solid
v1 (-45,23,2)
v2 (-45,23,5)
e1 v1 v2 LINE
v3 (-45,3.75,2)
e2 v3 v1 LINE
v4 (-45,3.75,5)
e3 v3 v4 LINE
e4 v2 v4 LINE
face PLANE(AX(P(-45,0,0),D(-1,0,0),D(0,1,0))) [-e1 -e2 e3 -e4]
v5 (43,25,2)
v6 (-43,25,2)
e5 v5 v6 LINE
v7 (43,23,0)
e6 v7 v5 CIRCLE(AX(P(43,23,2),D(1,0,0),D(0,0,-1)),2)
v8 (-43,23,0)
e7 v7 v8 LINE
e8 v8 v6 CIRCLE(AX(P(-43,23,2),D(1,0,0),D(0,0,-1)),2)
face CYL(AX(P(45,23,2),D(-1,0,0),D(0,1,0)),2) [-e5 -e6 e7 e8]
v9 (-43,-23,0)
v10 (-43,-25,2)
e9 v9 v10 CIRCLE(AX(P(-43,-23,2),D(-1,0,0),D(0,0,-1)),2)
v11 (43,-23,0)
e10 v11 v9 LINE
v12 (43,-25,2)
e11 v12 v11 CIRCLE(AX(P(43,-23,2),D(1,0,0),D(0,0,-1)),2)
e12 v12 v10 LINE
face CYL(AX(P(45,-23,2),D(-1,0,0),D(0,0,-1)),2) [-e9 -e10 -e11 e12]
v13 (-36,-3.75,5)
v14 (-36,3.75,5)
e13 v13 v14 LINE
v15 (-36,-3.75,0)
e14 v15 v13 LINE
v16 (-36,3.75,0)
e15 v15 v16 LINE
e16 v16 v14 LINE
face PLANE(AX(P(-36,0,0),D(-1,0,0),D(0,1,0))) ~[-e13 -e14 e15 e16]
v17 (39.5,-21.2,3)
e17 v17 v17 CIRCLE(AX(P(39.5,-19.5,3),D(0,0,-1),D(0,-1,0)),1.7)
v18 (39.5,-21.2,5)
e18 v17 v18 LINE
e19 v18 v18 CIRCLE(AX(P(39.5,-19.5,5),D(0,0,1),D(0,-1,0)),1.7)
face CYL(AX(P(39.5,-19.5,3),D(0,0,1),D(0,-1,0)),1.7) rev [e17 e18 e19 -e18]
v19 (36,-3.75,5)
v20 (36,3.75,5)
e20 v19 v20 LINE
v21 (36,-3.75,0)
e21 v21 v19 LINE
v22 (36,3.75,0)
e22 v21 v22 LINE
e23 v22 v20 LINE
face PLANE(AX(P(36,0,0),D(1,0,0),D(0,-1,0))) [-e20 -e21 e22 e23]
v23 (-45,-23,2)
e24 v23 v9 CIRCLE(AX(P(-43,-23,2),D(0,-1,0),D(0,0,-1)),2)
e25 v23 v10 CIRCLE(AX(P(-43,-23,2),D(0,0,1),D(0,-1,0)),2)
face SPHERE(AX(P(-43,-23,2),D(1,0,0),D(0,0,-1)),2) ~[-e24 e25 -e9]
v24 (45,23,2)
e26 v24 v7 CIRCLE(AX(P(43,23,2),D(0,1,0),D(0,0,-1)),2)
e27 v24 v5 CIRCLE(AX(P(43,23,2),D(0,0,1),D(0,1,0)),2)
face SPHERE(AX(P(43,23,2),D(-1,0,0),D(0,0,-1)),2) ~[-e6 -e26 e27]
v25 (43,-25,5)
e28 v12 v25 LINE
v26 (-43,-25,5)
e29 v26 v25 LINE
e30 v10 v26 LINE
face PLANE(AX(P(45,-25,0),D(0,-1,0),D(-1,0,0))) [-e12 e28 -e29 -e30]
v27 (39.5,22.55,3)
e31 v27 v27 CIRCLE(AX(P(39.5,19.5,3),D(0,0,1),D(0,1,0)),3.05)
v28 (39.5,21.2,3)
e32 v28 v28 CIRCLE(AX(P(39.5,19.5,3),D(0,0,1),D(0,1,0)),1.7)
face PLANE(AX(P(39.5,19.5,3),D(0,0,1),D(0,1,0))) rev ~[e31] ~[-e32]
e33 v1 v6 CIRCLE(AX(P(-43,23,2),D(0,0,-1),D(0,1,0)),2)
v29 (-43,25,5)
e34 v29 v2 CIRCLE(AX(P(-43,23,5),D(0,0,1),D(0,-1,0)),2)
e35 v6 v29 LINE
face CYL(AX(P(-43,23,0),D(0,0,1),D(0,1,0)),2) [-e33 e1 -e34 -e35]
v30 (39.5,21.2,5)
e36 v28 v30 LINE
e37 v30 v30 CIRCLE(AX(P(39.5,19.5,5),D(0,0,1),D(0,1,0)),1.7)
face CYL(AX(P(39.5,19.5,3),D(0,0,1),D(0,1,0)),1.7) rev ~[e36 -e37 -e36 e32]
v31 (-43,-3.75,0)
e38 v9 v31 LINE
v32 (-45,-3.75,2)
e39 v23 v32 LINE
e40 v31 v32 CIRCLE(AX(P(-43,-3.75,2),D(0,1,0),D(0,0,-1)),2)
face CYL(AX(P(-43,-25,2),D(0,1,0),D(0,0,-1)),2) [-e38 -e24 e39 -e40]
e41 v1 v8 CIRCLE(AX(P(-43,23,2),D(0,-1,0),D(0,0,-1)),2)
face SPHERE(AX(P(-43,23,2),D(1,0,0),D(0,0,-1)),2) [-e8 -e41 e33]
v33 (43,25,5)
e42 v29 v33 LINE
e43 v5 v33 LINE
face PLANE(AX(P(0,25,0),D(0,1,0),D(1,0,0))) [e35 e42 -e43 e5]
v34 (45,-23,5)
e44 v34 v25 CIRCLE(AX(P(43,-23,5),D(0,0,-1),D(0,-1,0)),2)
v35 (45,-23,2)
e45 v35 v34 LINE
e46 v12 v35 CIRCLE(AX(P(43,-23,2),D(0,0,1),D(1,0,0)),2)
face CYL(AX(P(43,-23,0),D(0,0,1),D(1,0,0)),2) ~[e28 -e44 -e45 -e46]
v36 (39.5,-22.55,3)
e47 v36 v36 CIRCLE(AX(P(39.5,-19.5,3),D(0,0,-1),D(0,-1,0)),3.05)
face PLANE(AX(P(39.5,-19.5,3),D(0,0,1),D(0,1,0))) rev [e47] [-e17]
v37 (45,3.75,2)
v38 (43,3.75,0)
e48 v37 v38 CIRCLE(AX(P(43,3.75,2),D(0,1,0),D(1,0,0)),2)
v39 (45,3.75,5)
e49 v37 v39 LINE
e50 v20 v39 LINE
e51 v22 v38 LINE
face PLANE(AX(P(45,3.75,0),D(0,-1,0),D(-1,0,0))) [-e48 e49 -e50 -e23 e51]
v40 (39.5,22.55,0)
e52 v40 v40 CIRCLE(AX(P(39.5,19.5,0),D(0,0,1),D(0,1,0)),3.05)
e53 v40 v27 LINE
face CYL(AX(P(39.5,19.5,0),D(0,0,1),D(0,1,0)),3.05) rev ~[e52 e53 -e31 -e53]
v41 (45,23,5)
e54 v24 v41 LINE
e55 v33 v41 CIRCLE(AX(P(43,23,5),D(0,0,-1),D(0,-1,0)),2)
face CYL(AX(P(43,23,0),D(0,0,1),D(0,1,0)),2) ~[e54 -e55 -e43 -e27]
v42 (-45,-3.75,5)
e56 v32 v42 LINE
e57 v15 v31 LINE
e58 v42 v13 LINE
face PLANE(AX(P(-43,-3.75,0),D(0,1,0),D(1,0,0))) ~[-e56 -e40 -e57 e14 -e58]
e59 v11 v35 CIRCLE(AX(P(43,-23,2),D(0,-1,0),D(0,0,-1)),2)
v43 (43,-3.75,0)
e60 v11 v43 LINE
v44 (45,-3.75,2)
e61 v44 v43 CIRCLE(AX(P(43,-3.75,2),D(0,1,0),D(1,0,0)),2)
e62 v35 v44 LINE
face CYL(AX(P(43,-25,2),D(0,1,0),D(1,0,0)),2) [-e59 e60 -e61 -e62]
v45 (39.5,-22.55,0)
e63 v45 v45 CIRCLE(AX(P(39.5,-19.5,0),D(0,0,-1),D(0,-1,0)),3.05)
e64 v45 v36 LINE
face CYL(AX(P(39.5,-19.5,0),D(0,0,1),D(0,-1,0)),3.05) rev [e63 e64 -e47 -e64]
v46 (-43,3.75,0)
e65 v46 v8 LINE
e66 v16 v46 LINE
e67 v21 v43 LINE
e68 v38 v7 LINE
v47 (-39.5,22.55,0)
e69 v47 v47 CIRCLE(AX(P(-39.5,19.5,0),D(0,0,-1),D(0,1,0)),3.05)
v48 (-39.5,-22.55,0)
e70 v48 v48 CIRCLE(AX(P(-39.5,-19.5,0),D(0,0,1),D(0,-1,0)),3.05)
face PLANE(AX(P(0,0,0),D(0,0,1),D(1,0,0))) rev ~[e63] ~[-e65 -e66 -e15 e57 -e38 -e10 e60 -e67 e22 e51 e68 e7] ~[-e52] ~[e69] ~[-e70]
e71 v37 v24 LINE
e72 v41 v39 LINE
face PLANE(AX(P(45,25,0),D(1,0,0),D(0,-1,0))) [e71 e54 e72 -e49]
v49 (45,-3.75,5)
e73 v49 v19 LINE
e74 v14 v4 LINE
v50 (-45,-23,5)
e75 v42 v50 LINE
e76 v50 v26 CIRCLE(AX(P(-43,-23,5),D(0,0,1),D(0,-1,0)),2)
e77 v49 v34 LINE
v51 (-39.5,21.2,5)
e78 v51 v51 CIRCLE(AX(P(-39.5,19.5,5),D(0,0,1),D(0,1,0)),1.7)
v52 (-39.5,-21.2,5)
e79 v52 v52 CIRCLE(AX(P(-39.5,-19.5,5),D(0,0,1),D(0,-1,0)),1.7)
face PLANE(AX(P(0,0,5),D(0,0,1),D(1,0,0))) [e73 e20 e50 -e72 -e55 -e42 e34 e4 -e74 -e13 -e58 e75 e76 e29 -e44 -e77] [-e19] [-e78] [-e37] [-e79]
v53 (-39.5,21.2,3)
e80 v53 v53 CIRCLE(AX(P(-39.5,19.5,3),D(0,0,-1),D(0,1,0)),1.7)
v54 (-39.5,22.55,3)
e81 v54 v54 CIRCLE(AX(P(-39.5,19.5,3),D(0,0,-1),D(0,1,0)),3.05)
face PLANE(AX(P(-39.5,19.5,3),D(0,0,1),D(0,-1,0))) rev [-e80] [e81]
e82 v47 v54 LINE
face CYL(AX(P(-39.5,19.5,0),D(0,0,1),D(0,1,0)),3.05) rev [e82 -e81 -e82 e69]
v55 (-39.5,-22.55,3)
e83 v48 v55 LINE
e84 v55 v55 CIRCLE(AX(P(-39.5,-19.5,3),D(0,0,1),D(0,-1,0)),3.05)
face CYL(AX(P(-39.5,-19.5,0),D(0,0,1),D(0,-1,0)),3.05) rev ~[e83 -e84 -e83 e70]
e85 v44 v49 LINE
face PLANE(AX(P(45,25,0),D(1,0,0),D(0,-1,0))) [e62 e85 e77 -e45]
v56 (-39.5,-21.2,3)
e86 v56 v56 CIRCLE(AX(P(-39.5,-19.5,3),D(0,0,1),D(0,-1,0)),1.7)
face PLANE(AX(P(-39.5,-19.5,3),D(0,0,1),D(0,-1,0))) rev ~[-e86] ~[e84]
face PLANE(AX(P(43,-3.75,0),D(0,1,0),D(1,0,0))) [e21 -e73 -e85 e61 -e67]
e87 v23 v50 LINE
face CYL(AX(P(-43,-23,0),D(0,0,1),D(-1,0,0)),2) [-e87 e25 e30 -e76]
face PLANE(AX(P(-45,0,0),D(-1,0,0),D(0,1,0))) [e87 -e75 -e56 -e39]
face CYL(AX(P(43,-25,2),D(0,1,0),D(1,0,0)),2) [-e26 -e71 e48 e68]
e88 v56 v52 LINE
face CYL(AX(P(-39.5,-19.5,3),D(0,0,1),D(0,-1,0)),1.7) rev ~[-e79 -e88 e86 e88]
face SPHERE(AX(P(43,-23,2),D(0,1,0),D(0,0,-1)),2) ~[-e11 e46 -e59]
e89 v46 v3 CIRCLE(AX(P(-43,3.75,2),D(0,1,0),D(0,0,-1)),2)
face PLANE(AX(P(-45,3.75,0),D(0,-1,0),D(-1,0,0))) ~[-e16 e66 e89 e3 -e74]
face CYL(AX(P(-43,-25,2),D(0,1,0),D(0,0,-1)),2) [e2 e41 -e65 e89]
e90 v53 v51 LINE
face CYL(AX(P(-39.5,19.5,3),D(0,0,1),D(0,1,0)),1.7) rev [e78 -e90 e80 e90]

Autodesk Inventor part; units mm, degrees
ref_plane "YZ Plane" through (0, 0, 0) normal (1, 0, 0) x (0, 1, 0)
ref_plane "XZ Plane" through (0, 0, 0) normal (0, 1, 0) x (-1, 0, 0)
ref_plane "XY Plane" through (0, 0, 0) normal (0, 0, 1) x (1, 0, 0)
sketch "Náčrt1" plane through (0, 0, 0) normal (0, 0, 1) x (1, 0, 0)
  line L0 (0, 35) -> (0, -35) projected
  line L1 (-63, 0) -> (63, 0) projected
  line L2 (-45, 25) -> (45, 25)
  line L3 (45, 25) -> (45, -25)
  line L4 (45, -25) -> (-45, -25)
  line L5 (-45, -25) -> (-45, 25)
  point P0 (0, 0)
  dimension "d0" = 90
  dimension "d1" = 50
extrude "Vysunutí1" add sketch "Náčrt1" along normal blind 5
sketch "Náčrt4" plane through (0, 0, 0) normal (0, 0, -1) x (-1, 0, 0)
  line L0 (45, 25) -> (45, -25) projected
  line L1 (-45, 25) -> (45, 25) projected
  line L2 (-45, -25) -> (-45, 25) projected
  line L3 (45, -25) -> (-45, -25) projected
  line L4 (0, -35) -> (0, 35) projected
  line L5 (-63, 0) -> (63, 0) projected
  point P0 (0, 0)
  point P1 (-39.5, 19.5)
  dimension "d13" = 5.5
  dimension "d14" = 5.5
hole "Díra1" at (39.5, 19.5, 0) direction (0, 0, 1) diameter 3.4 end through all counterbore diameter 6.1 counterbore depth 3 clearance for "Strojní šroub se zápustnou hlavou" size "M3" standard "Ansi M metrický profil"
mirror "Zrcadlit2" about plane through (0, 0, 0) normal (0, 1, 0) of "Díra1"
mirror "Zrcadlit3" about plane through (0, 0, 0) normal (1, 0, 0) of "Díra1", "Zrcadlit2"
fillet "Zaoblení2" radius 2 8 edges at (0, 25, 0) (45, 0, 0) (45, 25, 2.5) (0, -25, 0) (45, -25, 2.5) (-45, 0, 0) (-45, -25, 2.5) (-45, 25, 2.5)
sketch "Náčrt6" plane through (0, 0, 0) normal (0, 0, -1) x (-1, 0, 0)
  circle A0 centre (-39.5, 19.5) radius 3.05 projected
  circle A1 centre (-39.5, -19.5) radius 3.05 projected
  circle A2 centre (39.5, 19.5) radius 3.05 projected
  circle A3 centre (39.5, -19.5) radius 3.05 projected
  line L0 (43, -23) -> (-43, -23) projected
  line L1 (43, 23) -> (43, -23) projected
  line L2 (-43, 23) -> (43, 23) projected
  line L3 (-43, -23) -> (-43, 23) projected
  line L4 (-43, 23) -> (-45, 23) projected
  line L5 (-45, 23) -> (-45, -23) projected
  line L6 (-45, -23) -> (-43, -23) projected
  line L7 (-43, -23) -> (-43, 23) projected
  line L8 (-45, 3.75) -> (-36, 3.75)
  line L9 (-36, 3.75) -> (-36, -3.75)
  line L10 (-36, -3.75) -> (-45, -3.75)
  line L11 (-45, -3.75) -> (-45, 3.75)
  line L12 (-63, 0) -> (63, 0) projected
  point P0 (0, 0)
  dimension "d23" = 9
  dimension "d24" = 7.5
extrude "Vysunutí4" cut sketch "Náčrt6" against normal through all contours L10 L5 L12 L3 | L3 L12 L9 L10 | L12 L3 L8 L9 | L12 L5 L8 L3
mirror "Zrcadlit4" about plane through (0, 0, 0) normal (1, 0, 0) of "Vysunutí4"
properties part number "tcs3200_gate_lid_3D tisk"
